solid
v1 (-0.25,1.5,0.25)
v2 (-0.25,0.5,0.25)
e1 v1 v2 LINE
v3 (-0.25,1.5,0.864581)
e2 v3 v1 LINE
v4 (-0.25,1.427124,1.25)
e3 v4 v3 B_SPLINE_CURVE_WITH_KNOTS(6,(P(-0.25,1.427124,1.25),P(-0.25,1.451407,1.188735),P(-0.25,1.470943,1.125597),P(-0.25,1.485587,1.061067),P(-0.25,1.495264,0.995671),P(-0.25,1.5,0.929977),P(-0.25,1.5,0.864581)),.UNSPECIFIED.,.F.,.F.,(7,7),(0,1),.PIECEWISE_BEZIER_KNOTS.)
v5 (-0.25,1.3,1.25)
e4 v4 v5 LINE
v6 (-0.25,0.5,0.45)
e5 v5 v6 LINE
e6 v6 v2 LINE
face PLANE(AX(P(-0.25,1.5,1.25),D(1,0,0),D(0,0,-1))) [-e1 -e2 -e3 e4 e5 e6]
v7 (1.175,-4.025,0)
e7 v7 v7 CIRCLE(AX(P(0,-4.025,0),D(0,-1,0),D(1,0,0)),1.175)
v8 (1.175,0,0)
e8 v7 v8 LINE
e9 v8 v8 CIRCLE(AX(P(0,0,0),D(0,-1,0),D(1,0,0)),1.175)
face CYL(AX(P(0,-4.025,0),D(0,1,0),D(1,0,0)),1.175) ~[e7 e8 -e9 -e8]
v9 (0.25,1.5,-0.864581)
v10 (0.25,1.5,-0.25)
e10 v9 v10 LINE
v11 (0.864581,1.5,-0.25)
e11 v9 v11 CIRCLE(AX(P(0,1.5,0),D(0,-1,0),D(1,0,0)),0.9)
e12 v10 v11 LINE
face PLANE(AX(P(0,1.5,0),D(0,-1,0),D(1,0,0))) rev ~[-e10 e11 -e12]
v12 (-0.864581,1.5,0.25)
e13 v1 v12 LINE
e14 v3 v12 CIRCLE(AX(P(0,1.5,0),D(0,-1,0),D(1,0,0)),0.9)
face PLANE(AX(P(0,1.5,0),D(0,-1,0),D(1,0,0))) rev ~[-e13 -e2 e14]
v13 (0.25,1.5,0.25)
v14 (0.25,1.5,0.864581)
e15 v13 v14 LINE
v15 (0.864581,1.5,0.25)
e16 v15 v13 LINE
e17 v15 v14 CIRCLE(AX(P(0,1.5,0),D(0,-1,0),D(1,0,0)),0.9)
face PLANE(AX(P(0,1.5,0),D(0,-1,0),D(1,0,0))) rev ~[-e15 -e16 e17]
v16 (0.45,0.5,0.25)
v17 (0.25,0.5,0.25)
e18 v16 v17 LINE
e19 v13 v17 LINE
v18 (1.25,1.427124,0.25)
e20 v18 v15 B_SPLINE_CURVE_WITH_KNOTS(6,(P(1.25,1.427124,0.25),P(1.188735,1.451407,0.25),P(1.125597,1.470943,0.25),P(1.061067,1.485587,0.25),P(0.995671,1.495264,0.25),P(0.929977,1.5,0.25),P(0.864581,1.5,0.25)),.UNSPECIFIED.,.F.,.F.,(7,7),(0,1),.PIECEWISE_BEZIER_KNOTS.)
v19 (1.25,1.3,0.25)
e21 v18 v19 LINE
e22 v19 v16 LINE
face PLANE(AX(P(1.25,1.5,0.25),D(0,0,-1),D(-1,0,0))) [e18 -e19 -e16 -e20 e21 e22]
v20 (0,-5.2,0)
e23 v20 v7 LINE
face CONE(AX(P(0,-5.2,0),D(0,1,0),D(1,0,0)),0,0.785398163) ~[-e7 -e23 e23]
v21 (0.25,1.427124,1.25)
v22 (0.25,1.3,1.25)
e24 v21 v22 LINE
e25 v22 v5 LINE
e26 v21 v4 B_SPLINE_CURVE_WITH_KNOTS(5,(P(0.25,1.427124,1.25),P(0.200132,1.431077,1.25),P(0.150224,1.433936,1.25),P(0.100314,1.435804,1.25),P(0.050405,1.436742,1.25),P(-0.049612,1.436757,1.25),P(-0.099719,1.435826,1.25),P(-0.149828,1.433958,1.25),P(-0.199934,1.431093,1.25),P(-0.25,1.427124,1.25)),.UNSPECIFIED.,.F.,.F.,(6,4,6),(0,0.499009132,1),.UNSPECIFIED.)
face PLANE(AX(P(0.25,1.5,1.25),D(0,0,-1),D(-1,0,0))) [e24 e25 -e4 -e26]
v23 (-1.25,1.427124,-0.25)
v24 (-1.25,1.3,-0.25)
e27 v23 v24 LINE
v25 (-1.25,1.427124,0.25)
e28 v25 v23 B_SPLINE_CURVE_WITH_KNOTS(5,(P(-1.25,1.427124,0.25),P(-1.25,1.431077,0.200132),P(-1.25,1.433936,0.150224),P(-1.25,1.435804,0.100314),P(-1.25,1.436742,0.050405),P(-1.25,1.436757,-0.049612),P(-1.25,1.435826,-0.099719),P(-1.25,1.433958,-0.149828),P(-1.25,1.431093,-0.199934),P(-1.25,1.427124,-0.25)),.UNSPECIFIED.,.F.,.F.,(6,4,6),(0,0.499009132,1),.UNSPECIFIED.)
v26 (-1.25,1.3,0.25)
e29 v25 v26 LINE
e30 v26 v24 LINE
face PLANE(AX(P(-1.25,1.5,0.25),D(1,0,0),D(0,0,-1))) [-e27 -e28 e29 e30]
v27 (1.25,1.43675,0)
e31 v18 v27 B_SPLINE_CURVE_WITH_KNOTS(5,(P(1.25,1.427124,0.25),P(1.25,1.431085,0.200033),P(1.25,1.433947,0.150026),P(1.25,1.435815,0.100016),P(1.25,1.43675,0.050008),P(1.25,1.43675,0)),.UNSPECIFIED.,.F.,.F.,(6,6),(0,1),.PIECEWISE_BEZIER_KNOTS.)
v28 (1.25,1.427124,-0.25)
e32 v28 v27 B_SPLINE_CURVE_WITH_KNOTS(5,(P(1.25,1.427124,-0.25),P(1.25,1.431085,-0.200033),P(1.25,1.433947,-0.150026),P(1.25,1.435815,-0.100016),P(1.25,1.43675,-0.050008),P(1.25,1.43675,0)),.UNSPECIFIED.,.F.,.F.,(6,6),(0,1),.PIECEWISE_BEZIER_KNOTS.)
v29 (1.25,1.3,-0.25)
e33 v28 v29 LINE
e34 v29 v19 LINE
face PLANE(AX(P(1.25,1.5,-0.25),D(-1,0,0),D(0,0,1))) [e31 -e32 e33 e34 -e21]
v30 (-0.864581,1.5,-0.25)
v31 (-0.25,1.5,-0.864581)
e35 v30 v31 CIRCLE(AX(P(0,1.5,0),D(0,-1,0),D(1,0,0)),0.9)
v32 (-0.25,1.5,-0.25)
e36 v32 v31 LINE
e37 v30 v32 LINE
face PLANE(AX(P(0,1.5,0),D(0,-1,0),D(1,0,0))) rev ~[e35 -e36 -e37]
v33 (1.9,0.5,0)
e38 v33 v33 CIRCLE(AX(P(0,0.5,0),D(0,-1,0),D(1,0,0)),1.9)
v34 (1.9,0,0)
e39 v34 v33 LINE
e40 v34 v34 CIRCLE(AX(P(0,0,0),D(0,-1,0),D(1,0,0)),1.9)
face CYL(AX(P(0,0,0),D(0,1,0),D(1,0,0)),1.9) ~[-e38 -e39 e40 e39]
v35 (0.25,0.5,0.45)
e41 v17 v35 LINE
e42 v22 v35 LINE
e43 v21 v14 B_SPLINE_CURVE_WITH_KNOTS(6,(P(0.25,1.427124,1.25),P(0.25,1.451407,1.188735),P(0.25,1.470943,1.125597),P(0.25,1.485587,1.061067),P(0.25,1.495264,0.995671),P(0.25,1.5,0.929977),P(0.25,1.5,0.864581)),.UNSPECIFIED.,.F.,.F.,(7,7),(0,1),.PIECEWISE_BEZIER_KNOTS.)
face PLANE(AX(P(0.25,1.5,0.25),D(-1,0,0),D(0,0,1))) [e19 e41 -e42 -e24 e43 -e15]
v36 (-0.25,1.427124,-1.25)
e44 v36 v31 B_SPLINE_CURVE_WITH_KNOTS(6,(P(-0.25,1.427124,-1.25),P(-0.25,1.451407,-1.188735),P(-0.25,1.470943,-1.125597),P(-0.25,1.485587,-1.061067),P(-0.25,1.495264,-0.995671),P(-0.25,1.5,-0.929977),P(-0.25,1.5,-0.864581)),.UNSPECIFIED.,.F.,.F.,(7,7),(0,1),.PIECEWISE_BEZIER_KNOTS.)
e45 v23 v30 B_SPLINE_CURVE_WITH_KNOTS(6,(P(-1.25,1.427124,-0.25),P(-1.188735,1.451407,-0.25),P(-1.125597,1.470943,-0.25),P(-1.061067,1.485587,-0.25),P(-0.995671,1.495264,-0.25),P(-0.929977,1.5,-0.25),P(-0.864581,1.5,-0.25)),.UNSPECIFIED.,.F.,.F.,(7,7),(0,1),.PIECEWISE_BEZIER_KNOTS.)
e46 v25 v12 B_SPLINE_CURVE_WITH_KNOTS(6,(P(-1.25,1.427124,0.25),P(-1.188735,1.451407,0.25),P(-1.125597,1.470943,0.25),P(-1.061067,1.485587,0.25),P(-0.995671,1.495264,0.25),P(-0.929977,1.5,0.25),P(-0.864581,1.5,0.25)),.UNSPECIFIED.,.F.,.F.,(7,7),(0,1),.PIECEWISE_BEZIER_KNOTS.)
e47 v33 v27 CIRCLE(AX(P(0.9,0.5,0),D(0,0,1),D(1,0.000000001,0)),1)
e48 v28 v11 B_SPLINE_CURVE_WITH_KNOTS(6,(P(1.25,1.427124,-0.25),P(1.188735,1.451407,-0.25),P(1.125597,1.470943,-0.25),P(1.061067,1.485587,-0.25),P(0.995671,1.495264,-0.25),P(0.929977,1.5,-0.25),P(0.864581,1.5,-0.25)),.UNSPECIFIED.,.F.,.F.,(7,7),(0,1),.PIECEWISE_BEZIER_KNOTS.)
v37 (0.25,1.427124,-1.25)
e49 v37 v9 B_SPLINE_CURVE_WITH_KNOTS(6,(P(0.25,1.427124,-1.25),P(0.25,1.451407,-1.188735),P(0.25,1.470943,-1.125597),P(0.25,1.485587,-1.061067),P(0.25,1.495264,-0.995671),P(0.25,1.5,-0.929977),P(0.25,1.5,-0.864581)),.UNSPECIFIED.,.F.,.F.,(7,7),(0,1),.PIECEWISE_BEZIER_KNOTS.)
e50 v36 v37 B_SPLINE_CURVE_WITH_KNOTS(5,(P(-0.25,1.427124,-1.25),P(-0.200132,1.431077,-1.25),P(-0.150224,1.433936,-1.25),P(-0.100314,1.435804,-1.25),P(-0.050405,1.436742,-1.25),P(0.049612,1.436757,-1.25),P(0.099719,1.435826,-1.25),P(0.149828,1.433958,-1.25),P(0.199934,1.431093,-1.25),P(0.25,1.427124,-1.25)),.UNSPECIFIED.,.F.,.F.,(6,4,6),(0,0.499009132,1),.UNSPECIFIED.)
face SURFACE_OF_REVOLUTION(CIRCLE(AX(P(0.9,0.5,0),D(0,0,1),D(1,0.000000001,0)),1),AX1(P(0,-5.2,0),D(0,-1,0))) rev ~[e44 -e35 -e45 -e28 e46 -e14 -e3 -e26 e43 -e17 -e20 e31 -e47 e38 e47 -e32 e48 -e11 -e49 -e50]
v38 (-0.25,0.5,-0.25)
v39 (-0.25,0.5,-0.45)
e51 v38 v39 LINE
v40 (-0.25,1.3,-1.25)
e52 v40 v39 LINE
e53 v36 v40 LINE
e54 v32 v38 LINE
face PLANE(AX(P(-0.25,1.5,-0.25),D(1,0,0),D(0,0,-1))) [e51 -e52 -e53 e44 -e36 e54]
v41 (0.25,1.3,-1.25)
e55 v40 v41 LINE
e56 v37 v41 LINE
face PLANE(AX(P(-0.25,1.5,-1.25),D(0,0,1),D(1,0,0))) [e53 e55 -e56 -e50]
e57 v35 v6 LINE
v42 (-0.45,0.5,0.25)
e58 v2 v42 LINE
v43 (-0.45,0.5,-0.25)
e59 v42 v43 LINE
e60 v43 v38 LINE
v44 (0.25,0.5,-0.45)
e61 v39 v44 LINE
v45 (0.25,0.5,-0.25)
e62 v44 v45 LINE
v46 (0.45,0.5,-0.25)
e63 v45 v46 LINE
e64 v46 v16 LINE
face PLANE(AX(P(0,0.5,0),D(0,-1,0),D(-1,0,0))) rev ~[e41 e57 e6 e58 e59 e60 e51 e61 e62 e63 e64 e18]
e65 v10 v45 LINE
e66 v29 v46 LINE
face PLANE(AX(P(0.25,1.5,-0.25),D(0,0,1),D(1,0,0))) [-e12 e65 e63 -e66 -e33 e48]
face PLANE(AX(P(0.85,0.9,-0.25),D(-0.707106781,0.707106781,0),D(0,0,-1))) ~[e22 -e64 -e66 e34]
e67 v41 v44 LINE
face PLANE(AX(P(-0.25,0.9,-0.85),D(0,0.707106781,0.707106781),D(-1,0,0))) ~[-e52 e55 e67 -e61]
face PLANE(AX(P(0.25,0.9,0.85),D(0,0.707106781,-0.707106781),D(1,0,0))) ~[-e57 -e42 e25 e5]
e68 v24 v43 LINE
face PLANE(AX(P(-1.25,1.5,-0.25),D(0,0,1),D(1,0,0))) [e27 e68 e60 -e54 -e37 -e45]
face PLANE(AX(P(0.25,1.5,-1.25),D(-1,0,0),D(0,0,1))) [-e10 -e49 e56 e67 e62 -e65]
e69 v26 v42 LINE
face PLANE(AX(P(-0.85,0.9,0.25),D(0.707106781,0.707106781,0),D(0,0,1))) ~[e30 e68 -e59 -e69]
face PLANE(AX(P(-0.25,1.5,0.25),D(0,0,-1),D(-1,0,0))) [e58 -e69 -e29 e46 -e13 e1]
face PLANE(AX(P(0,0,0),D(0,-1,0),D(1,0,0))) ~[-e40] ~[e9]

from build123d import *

# Parameters (mm, degrees)
CUT_EXTRUDE1_DEPTH = 1
CHAMFER1_SIZE      = 0.8


with BuildPart() as part:
    # Sketch1 → Revolve1 (revolve)
    with BuildSketch(Plane.XY):
        with BuildLine():
            Line((1.175, 0), (1.9, 0))
            Line((1.9, 0), (1.9, 0.5))
            ThreePointArc((1.9, 0.5), (1.607106781, 1.207106781), (0.9, 1.5))
            Line((0.9, 1.5), (0, 1.5))
            Line((0, 1.5), (0, -5.2))
            Line((0, -5.2), (1.175, -4.025))
            Line((1.175, -4.025), (1.175, 0))
        make_face()
    revolve(axis=Axis((0, -5.2, 0), (0, -1, 0)))

    # Sketch2 → Cut-Extrude1 (cut)
    with BuildSketch(Plane(origin=(0, 1.5, 0), x_dir=(1, 0, 0), z_dir=(0, 1, 0))):
        Polygon((0.25, 0.25), (1.25, 0.25), (1.25, -0.25), (0.25, -0.25), (0.25, -1.25), (-0.25, -1.25), (-0.25, -0.25), (-1.25, -0.25), (-1.25, 0.25), (-0.25, 0.25), (-0.25, 1.25), (0.25, 1.25), align=None)
    extrude(amount=-CUT_EXTRUDE1_DEPTH, mode=Mode.SUBTRACT)

    # Chamfer1
    chamfer1_edges = [part.edges().sort_by_distance(p)[0] for p in [
        (-1.25, 0.5, 0),
        (0, 0.5, -1.25),
        (1.25, 0.5, 0),
        (0, 0.5, 1.25),
    ]]
    chamfer(chamfer1_edges, length=CHAMFER1_SIZE)


solid = part.part
